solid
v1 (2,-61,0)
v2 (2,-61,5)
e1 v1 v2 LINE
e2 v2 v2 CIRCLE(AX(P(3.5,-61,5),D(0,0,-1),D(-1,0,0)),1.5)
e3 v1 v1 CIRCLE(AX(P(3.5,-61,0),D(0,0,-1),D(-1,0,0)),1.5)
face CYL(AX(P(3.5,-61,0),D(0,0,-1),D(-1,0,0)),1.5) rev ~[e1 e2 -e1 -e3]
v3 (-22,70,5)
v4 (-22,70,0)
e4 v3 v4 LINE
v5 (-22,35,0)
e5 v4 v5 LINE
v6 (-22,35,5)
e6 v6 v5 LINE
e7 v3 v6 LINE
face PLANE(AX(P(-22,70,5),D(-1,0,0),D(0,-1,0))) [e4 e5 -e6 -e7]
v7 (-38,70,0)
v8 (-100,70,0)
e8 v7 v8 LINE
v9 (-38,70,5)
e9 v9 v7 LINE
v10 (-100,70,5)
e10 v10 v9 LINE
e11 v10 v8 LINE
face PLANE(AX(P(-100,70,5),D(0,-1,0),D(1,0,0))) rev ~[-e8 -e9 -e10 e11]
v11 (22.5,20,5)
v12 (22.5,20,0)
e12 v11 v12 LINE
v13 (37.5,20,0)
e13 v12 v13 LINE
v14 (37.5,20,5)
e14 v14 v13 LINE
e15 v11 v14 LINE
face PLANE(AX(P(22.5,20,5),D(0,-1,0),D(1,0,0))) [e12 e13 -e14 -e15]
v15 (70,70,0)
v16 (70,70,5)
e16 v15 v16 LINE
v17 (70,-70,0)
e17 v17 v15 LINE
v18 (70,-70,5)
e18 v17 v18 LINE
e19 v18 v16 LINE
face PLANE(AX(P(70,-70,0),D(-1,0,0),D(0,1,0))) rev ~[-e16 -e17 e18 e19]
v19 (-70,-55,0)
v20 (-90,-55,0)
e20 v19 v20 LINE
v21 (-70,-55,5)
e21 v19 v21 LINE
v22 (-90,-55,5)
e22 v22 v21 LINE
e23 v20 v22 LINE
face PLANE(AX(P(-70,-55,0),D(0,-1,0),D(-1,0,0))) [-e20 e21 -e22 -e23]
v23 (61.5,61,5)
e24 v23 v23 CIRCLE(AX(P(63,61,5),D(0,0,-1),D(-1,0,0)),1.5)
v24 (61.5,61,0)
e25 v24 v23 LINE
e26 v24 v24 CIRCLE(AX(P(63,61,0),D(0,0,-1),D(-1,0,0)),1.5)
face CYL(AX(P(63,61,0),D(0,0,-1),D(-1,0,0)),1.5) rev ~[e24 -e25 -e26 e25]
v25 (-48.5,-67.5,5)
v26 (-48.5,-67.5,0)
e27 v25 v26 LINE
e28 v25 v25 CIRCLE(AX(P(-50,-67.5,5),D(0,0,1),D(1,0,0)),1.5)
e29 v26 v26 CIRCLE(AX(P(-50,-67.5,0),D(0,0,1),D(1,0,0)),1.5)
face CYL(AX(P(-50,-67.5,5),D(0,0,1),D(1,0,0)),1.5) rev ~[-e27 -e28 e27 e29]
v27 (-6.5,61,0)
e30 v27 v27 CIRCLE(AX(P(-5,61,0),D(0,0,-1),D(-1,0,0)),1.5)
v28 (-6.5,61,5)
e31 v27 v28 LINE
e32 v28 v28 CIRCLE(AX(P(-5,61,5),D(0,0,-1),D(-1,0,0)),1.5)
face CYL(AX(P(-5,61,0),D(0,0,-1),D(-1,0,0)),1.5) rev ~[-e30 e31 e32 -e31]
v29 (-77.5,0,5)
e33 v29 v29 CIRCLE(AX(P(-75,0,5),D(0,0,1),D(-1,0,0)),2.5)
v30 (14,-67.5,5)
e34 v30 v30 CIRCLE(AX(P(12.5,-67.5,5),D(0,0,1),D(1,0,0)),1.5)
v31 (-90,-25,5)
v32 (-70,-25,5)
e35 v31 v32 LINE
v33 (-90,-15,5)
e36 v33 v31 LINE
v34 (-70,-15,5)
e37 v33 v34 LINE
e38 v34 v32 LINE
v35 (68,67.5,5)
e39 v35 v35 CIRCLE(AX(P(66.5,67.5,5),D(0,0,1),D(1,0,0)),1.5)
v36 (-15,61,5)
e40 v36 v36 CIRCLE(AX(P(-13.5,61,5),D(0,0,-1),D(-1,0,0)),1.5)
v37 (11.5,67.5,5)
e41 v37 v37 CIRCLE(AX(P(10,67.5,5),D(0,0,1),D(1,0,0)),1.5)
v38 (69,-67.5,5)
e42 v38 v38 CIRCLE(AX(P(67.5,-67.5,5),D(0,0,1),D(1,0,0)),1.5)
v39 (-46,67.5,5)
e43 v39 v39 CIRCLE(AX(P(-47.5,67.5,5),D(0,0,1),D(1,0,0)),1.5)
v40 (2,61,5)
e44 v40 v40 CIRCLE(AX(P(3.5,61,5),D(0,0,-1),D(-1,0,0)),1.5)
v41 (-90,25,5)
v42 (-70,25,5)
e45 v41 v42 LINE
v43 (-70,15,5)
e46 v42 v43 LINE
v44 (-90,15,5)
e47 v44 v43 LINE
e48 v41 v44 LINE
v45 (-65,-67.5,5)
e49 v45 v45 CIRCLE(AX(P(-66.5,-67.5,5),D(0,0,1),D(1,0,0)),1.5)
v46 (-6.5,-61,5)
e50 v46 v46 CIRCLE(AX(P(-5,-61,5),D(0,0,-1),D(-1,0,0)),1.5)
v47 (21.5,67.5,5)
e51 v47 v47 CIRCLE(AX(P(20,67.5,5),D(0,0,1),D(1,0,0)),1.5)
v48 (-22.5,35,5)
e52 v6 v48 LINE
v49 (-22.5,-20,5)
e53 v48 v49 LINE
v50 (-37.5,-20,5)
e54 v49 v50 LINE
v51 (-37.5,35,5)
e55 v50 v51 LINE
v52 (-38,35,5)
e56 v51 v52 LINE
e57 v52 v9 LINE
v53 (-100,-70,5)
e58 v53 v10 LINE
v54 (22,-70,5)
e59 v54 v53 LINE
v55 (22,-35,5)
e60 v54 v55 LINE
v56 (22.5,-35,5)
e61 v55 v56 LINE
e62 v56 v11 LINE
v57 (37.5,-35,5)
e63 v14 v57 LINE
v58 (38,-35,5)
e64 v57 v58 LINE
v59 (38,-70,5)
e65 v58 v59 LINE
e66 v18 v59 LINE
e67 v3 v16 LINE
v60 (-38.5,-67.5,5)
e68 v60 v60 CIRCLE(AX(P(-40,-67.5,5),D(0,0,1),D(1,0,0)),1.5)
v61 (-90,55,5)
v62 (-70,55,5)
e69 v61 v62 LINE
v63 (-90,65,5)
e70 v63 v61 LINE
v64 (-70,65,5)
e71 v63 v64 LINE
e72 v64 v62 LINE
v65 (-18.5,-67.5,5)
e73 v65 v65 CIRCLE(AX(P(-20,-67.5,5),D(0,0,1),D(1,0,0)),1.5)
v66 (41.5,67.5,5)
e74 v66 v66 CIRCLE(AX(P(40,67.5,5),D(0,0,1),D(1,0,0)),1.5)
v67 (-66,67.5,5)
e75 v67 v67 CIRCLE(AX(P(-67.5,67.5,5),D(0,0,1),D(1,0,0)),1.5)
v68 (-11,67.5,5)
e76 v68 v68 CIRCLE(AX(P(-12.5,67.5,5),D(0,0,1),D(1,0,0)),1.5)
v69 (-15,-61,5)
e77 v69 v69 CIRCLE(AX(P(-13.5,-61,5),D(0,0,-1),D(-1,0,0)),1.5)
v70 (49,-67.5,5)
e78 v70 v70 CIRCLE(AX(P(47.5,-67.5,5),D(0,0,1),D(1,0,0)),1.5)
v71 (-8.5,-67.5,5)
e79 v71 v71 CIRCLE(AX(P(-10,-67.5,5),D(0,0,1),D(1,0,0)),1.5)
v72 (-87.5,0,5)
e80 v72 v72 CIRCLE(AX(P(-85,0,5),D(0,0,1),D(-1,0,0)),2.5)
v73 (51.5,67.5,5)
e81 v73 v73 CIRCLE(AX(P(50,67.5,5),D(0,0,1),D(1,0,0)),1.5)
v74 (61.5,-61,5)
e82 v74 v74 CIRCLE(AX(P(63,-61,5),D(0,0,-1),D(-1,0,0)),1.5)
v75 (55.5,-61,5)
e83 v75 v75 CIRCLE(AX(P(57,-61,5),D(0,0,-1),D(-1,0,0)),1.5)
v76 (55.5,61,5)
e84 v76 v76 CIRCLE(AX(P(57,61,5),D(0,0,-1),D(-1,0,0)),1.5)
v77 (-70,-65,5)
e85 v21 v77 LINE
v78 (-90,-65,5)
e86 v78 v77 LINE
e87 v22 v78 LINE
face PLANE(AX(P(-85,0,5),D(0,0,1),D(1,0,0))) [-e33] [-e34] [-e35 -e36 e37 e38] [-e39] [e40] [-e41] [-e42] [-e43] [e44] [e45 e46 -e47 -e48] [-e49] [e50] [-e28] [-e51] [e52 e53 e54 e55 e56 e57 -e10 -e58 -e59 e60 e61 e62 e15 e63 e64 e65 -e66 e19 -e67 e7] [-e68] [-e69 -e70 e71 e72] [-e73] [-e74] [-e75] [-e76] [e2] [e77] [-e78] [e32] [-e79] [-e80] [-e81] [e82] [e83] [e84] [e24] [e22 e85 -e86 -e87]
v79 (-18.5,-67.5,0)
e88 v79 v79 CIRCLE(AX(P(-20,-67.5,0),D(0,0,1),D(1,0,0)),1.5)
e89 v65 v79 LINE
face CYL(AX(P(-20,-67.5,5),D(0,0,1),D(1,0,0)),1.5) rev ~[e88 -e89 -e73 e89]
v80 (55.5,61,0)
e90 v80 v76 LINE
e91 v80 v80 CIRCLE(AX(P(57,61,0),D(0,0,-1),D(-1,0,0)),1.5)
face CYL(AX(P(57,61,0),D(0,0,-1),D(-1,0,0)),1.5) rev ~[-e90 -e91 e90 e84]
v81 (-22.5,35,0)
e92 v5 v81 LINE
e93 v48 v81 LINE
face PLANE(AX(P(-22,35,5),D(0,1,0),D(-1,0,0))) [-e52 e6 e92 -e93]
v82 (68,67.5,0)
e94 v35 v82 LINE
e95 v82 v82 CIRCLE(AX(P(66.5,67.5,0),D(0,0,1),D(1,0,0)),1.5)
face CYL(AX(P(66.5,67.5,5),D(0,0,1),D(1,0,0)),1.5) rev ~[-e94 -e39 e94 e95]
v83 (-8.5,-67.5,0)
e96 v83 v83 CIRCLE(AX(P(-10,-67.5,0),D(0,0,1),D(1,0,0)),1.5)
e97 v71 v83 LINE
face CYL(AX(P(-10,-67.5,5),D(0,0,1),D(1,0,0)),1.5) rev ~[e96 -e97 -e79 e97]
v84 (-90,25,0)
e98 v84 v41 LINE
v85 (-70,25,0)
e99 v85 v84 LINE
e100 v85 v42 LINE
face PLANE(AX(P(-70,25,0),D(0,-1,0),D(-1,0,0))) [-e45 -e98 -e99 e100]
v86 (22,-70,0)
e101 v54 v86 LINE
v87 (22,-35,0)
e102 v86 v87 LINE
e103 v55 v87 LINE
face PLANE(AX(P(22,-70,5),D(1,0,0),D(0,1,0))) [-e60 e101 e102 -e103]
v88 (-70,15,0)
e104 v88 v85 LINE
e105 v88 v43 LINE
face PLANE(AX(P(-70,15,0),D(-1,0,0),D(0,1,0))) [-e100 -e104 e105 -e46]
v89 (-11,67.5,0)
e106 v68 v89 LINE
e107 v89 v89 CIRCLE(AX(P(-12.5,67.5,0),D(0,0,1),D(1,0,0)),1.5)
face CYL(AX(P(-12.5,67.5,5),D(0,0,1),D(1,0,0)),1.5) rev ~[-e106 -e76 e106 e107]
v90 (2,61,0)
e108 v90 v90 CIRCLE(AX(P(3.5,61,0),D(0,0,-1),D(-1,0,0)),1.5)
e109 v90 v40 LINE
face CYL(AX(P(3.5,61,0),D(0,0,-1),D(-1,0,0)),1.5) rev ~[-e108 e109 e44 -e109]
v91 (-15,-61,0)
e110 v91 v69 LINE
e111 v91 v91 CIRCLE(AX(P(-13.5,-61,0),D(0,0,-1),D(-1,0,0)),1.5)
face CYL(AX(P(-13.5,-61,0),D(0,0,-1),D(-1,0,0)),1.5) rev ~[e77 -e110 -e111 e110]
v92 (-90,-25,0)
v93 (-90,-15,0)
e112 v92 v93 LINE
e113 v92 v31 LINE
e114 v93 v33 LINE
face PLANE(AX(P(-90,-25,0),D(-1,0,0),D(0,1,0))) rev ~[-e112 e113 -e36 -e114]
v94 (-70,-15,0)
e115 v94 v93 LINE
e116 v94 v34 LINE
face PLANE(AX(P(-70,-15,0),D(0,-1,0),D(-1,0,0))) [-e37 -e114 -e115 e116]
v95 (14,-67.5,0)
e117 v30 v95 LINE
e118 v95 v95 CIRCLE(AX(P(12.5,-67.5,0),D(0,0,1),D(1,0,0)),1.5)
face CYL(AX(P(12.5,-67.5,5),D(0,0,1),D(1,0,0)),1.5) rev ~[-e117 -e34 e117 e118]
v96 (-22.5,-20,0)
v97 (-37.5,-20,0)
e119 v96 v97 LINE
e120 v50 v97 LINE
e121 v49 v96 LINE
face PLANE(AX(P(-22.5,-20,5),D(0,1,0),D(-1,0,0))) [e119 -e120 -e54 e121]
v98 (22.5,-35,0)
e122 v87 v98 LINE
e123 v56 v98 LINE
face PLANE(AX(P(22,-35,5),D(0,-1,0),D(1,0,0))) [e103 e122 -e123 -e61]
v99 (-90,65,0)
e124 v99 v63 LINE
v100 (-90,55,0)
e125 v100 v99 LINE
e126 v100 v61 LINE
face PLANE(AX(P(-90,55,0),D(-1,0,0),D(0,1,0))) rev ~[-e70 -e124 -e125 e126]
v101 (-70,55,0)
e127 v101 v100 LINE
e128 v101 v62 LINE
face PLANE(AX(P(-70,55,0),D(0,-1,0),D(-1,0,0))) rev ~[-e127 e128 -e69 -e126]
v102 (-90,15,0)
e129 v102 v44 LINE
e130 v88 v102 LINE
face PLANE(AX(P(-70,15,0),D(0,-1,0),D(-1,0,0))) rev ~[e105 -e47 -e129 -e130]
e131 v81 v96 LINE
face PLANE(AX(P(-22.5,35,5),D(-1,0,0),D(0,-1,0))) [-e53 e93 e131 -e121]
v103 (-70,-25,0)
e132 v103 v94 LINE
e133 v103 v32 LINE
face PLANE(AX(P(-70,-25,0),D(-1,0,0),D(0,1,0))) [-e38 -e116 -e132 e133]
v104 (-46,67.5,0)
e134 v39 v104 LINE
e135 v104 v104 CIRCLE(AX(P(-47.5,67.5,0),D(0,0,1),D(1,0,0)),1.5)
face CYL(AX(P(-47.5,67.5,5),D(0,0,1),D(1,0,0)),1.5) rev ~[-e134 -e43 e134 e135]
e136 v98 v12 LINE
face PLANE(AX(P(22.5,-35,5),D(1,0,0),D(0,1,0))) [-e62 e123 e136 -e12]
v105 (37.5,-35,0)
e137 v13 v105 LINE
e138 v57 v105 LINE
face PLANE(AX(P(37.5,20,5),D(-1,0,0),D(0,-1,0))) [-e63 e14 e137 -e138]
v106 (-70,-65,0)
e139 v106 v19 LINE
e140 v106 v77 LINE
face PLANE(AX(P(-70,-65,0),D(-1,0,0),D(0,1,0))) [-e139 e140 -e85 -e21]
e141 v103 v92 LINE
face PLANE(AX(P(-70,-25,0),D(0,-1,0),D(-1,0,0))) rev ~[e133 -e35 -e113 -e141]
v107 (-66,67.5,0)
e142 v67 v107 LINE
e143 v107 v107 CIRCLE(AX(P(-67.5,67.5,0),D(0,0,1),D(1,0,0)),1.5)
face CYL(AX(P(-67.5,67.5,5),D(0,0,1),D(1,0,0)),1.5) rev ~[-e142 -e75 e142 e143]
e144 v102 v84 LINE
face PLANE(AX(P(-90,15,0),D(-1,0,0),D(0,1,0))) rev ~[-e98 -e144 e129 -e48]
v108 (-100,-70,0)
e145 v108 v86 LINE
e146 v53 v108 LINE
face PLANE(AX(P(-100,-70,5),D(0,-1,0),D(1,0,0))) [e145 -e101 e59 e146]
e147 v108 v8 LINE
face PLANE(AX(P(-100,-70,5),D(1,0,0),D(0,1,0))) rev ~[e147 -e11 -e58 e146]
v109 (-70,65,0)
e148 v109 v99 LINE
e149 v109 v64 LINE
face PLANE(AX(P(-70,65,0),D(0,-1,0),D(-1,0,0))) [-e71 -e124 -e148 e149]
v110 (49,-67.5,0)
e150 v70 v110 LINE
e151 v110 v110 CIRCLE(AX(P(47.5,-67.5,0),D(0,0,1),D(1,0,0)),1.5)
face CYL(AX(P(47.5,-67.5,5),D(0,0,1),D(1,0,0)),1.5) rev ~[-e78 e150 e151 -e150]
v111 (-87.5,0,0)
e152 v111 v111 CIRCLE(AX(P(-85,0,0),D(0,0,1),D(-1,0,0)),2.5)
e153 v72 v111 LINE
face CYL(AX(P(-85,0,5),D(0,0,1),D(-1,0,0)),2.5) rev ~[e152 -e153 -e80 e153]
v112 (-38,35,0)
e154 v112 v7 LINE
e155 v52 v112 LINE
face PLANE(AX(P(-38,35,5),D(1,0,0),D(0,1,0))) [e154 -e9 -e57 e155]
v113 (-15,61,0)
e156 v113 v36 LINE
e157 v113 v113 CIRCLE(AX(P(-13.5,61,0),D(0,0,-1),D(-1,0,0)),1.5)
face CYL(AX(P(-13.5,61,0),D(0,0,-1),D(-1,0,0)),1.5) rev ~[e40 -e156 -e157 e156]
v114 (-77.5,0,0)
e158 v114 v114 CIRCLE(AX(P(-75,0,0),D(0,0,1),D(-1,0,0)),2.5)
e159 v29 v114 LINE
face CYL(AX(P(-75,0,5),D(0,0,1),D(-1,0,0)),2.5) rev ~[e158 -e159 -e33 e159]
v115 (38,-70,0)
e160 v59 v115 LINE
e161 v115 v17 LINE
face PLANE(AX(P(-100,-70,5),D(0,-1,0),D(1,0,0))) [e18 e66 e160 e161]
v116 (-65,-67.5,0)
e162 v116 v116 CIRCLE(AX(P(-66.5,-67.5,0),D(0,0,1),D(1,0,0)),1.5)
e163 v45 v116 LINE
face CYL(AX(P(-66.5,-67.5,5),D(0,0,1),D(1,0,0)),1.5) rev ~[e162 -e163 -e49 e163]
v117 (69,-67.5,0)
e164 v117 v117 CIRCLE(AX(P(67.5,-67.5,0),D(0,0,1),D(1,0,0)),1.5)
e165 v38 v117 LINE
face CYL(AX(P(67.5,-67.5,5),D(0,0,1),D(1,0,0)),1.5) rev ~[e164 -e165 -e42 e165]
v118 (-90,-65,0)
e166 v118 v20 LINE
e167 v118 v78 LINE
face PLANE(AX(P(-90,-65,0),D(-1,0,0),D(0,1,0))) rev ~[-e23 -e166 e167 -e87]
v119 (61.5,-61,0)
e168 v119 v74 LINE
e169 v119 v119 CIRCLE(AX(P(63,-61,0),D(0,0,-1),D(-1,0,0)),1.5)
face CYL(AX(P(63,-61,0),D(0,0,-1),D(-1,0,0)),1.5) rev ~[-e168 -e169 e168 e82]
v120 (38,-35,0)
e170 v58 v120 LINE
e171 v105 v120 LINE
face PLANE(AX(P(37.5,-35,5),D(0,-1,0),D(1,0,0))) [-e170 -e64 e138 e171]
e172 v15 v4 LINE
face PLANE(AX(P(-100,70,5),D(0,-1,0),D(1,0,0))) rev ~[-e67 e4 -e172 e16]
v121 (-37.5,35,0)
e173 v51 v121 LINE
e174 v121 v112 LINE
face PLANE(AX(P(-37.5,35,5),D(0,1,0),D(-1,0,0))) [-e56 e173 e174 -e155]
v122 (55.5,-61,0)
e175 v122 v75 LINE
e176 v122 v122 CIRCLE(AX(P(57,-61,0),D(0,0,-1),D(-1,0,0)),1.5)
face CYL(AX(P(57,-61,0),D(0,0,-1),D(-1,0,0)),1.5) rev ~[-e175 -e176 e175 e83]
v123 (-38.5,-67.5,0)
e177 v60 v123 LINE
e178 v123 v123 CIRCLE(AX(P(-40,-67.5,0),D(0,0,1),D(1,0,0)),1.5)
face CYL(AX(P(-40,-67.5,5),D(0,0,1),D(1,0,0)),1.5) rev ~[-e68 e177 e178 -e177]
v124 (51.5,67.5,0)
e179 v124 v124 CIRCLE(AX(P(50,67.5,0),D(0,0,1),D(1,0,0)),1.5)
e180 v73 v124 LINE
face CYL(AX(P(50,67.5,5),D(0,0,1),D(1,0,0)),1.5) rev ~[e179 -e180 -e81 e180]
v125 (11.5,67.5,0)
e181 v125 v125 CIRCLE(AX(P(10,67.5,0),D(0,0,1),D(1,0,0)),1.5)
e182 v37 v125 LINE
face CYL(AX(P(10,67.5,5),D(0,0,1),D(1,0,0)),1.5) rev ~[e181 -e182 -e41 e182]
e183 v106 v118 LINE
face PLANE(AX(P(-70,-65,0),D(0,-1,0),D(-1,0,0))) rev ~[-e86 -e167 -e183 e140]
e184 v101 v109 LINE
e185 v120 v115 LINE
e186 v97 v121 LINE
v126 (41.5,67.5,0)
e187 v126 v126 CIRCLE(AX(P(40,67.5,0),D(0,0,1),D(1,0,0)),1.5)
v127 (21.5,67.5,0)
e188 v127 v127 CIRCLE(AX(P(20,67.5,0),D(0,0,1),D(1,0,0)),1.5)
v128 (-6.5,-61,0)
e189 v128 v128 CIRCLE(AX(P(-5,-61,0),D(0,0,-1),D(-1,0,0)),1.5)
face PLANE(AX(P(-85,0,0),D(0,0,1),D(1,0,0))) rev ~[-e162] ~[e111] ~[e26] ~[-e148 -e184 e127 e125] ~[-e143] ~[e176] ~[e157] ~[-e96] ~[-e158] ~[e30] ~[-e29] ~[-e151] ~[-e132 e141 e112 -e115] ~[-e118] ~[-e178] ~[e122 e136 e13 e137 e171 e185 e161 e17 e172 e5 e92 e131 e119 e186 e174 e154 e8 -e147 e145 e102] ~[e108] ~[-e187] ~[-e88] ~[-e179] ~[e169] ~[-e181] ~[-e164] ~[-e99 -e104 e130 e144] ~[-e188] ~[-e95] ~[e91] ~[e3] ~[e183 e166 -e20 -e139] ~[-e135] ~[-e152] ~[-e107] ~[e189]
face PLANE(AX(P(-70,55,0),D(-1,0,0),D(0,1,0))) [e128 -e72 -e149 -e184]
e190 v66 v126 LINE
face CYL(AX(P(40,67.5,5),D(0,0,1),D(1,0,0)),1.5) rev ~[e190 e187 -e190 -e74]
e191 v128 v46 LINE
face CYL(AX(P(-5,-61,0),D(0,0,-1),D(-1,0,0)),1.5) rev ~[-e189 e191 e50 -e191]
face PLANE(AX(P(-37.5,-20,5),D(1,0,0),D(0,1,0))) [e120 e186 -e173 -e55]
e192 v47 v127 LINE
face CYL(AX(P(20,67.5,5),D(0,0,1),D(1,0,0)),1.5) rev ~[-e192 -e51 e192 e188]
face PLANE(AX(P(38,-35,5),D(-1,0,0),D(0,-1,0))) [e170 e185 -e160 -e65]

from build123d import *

# Parameters (mm, degrees)
SKETCH_1_W          = 140
SKETCH_1_H          = 140
EXTRUDE_1_DEPTH     = 5
SKETCH_3_W          = 30
SKETCH_3_H          = 140
EXTRUDE_2_DEPTH     = 5
CUT_EXTRUDE_9_DEPTH = 10
SKETCH_4_W          = 20
SKETCH_4_H          = 10
CUT_EXTRUDE_2_DEPTH = 10
SKETCH_6_R          = 1.5
CUT_EXTRUDE_6_DEPTH = 31
CUT_EXTRUDE_7_DEPTH = 10
SKETCH_8_R          = 1.5
CUT_EXTRUDE_8_DEPTH = 10


with BuildPart() as part:
    # 스케치1 → 보스-돌출1 (new body)
    with BuildSketch(Plane.XY):
        Rectangle(SKETCH_1_W, SKETCH_1_H)
    extrude(amount=EXTRUDE_1_DEPTH)

    # 스케치3 → 보스-돌출2 (add)
    with BuildSketch(Plane.XY.offset(5)):
        with Locations((-85, 0)):
            Rectangle(SKETCH_3_W, SKETCH_3_H)
    extrude(amount=-EXTRUDE_2_DEPTH)

    # 스케치2 → 컷-돌출9 (cut)
    with BuildSketch(Plane.XY.offset(5)):
        Polygon((-38, 70), (-22, 70), (-22, 35), (-22.5, 35), (-22.5, -20), (-37.5, -20), (-37.5, 35), (-38, 35), align=None)
        Polygon((22, -70), (22, -35), (22.5, -35), (22.5, 20), (37.5, 20), (37.5, -35), (38, -35), (38, -70), align=None)
    extrude(amount=-CUT_EXTRUDE_9_DEPTH, mode=Mode.SUBTRACT)

    # 스케치4 → 컷-돌출2 (cut)
    with BuildSketch(Plane(origin=(0, 0, 0), x_dir=(-1, 0, 0), z_dir=(0, 0, -1))):
        with Locations((80, 60)):
            Rectangle(SKETCH_4_W, SKETCH_4_H)
        with Locations((80, 20)):
            Rectangle(SKETCH_4_W, SKETCH_4_H)
        with Locations((80, -20)):
            Rectangle(SKETCH_4_W, SKETCH_4_H)
        with Locations((80, -60)):
            Rectangle(SKETCH_4_W, SKETCH_4_H)
    extrude(amount=-CUT_EXTRUDE_2_DEPTH, mode=Mode.SUBTRACT)

    # 스케치6 → 컷-돌출6 (cut)
    with BuildSketch(Plane.XY.offset(5)):
        with Locations((-10, -67.5)):
            Circle(SKETCH_6_R)
        with Locations((-20, -67.5)):
            Circle(SKETCH_6_R)
        with Locations((-66.5, -67.5)):
            Circle(SKETCH_6_R)
        with Locations((-67.5, 67.5)):
            Circle(SKETCH_6_R)
        with Locations((-47.5, 67.5)):
            Circle(SKETCH_6_R)
        with Locations((-12.5, 67.5)):
            Circle(SKETCH_6_R)
        with Locations((10, 67.5)):
            Circle(SKETCH_6_R)
        with Locations((20, 67.5)):
            Circle(SKETCH_6_R)
        with Locations((40, 67.5)):
            Circle(SKETCH_6_R)
        with Locations((66.5, 67.5)):
            Circle(SKETCH_6_R)
        with Locations((67.5, -67.5)):
            Circle(SKETCH_6_R)
        with Locations((47.5, -67.5)):
            Circle(SKETCH_6_R)
        with Locations((12.5, -67.5)):
            Circle(SKETCH_6_R)
        with Locations((-40, -67.5)):
            Circle(SKETCH_6_R)
        with Locations((-50, -67.5)):
            Circle(SKETCH_6_R)
        with Locations((50, 67.5)):
            Circle(SKETCH_6_R)
    extrude(amount=-CUT_EXTRUDE_6_DEPTH, mode=Mode.SUBTRACT)

    # 스케치7 → 컷-돌출7 (cut)
    with BuildSketch(Plane.XY.offset(5)):
        with BuildLine():
            ThreePointArc((-82.5, 0), (-85, 2.5), (-87.5, 0))
            Line((-87.5, 0), (-82.5, 0))
        make_face()
        with BuildLine():
            Line((-82.5, 0), (-87.5, 0))
            ThreePointArc((-87.5, 0), (-85, -2.5), (-82.5, 0))
        make_face()
        with BuildLine():
            ThreePointArc((-72.5, 0), (-75, 2.5), (-77.5, 0))
            Line((-77.5, 0), (-72.5, 0))
        make_face()
        with BuildLine():
            Line((-72.5, 0), (-77.5, 0))
            ThreePointArc((-77.5, 0), (-75, -2.5), (-72.5, 0))
        make_face()
    extrude(amount=-CUT_EXTRUDE_7_DEPTH, mode=Mode.SUBTRACT)

    # 스케치8 → 컷-돌출8 (cut)
    with BuildSketch(Plane(origin=(0, 0, 0), x_dir=(-1, 0, 0), z_dir=(0, 0, -1))):
        with BuildLine():
            ThreePointArc((-58.5, 61), (-57, 59.5), (-55.5, 61))
            Line((-55.5, 61), (-58.5, 61))
        make_face()
        with BuildLine():
            Line((-58.5, 61), (-55.5, 61))
            ThreePointArc((-55.5, 61), (-57, 62.5), (-58.5, 61))
        make_face()
        with BuildLine():
            ThreePointArc((-5, 61), (-3.5, 59.5), (-2, 61))
            Line((-2, 61), (-5, 61))
        make_face()
        with BuildLine():
            Line((-5, 61), (-2, 61))
            ThreePointArc((-2, 61), (-3.5, 62.5), (-5, 61))
        make_face()
        with BuildLine():
            ThreePointArc((-64.5, 61), (-63, 59.5), (-61.5, 61))
            Line((-61.5, 61), (-64.5, 61))
        make_face()
        with BuildLine():
            Line((-64.5, 61), (-61.5, 61))
            ThreePointArc((-61.5, 61), (-63, 62.5), (-64.5, 61))
        make_face()
        with Locations((13.5, -61)):
            Circle(SKETCH_8_R)
        with Locations((5, -61)):
            Circle(SKETCH_8_R)
        with BuildLine():
            ThreePointArc((12, 61), (13.5, 59.5), (15, 61))
            Line((15, 61), (12, 61))
        make_face()
        with BuildLine():
            Line((12, 61), (15, 61))
            ThreePointArc((15, 61), (13.5, 62.5), (12, 61))
        make_face()
        with BuildLine():
            ThreePointArc((3.5, 61), (5, 59.5), (6.5, 61))
            Line((6.5, 61), (3.5, 61))
        make_face()
        with BuildLine():
            Line((3.5, 61), (6.5, 61))
            ThreePointArc((6.5, 61), (5, 62.5), (3.5, 61))
        make_face()
        with Locations((-3.5, -61)):
            Circle(SKETCH_8_R)
        with Locations((-63, -61)):
            Circle(SKETCH_8_R)
        with Locations((-57, -61)):
            Circle(SKETCH_8_R)
    extrude(amount=-CUT_EXTRUDE_8_DEPTH, mode=Mode.SUBTRACT)


solid = part.part
